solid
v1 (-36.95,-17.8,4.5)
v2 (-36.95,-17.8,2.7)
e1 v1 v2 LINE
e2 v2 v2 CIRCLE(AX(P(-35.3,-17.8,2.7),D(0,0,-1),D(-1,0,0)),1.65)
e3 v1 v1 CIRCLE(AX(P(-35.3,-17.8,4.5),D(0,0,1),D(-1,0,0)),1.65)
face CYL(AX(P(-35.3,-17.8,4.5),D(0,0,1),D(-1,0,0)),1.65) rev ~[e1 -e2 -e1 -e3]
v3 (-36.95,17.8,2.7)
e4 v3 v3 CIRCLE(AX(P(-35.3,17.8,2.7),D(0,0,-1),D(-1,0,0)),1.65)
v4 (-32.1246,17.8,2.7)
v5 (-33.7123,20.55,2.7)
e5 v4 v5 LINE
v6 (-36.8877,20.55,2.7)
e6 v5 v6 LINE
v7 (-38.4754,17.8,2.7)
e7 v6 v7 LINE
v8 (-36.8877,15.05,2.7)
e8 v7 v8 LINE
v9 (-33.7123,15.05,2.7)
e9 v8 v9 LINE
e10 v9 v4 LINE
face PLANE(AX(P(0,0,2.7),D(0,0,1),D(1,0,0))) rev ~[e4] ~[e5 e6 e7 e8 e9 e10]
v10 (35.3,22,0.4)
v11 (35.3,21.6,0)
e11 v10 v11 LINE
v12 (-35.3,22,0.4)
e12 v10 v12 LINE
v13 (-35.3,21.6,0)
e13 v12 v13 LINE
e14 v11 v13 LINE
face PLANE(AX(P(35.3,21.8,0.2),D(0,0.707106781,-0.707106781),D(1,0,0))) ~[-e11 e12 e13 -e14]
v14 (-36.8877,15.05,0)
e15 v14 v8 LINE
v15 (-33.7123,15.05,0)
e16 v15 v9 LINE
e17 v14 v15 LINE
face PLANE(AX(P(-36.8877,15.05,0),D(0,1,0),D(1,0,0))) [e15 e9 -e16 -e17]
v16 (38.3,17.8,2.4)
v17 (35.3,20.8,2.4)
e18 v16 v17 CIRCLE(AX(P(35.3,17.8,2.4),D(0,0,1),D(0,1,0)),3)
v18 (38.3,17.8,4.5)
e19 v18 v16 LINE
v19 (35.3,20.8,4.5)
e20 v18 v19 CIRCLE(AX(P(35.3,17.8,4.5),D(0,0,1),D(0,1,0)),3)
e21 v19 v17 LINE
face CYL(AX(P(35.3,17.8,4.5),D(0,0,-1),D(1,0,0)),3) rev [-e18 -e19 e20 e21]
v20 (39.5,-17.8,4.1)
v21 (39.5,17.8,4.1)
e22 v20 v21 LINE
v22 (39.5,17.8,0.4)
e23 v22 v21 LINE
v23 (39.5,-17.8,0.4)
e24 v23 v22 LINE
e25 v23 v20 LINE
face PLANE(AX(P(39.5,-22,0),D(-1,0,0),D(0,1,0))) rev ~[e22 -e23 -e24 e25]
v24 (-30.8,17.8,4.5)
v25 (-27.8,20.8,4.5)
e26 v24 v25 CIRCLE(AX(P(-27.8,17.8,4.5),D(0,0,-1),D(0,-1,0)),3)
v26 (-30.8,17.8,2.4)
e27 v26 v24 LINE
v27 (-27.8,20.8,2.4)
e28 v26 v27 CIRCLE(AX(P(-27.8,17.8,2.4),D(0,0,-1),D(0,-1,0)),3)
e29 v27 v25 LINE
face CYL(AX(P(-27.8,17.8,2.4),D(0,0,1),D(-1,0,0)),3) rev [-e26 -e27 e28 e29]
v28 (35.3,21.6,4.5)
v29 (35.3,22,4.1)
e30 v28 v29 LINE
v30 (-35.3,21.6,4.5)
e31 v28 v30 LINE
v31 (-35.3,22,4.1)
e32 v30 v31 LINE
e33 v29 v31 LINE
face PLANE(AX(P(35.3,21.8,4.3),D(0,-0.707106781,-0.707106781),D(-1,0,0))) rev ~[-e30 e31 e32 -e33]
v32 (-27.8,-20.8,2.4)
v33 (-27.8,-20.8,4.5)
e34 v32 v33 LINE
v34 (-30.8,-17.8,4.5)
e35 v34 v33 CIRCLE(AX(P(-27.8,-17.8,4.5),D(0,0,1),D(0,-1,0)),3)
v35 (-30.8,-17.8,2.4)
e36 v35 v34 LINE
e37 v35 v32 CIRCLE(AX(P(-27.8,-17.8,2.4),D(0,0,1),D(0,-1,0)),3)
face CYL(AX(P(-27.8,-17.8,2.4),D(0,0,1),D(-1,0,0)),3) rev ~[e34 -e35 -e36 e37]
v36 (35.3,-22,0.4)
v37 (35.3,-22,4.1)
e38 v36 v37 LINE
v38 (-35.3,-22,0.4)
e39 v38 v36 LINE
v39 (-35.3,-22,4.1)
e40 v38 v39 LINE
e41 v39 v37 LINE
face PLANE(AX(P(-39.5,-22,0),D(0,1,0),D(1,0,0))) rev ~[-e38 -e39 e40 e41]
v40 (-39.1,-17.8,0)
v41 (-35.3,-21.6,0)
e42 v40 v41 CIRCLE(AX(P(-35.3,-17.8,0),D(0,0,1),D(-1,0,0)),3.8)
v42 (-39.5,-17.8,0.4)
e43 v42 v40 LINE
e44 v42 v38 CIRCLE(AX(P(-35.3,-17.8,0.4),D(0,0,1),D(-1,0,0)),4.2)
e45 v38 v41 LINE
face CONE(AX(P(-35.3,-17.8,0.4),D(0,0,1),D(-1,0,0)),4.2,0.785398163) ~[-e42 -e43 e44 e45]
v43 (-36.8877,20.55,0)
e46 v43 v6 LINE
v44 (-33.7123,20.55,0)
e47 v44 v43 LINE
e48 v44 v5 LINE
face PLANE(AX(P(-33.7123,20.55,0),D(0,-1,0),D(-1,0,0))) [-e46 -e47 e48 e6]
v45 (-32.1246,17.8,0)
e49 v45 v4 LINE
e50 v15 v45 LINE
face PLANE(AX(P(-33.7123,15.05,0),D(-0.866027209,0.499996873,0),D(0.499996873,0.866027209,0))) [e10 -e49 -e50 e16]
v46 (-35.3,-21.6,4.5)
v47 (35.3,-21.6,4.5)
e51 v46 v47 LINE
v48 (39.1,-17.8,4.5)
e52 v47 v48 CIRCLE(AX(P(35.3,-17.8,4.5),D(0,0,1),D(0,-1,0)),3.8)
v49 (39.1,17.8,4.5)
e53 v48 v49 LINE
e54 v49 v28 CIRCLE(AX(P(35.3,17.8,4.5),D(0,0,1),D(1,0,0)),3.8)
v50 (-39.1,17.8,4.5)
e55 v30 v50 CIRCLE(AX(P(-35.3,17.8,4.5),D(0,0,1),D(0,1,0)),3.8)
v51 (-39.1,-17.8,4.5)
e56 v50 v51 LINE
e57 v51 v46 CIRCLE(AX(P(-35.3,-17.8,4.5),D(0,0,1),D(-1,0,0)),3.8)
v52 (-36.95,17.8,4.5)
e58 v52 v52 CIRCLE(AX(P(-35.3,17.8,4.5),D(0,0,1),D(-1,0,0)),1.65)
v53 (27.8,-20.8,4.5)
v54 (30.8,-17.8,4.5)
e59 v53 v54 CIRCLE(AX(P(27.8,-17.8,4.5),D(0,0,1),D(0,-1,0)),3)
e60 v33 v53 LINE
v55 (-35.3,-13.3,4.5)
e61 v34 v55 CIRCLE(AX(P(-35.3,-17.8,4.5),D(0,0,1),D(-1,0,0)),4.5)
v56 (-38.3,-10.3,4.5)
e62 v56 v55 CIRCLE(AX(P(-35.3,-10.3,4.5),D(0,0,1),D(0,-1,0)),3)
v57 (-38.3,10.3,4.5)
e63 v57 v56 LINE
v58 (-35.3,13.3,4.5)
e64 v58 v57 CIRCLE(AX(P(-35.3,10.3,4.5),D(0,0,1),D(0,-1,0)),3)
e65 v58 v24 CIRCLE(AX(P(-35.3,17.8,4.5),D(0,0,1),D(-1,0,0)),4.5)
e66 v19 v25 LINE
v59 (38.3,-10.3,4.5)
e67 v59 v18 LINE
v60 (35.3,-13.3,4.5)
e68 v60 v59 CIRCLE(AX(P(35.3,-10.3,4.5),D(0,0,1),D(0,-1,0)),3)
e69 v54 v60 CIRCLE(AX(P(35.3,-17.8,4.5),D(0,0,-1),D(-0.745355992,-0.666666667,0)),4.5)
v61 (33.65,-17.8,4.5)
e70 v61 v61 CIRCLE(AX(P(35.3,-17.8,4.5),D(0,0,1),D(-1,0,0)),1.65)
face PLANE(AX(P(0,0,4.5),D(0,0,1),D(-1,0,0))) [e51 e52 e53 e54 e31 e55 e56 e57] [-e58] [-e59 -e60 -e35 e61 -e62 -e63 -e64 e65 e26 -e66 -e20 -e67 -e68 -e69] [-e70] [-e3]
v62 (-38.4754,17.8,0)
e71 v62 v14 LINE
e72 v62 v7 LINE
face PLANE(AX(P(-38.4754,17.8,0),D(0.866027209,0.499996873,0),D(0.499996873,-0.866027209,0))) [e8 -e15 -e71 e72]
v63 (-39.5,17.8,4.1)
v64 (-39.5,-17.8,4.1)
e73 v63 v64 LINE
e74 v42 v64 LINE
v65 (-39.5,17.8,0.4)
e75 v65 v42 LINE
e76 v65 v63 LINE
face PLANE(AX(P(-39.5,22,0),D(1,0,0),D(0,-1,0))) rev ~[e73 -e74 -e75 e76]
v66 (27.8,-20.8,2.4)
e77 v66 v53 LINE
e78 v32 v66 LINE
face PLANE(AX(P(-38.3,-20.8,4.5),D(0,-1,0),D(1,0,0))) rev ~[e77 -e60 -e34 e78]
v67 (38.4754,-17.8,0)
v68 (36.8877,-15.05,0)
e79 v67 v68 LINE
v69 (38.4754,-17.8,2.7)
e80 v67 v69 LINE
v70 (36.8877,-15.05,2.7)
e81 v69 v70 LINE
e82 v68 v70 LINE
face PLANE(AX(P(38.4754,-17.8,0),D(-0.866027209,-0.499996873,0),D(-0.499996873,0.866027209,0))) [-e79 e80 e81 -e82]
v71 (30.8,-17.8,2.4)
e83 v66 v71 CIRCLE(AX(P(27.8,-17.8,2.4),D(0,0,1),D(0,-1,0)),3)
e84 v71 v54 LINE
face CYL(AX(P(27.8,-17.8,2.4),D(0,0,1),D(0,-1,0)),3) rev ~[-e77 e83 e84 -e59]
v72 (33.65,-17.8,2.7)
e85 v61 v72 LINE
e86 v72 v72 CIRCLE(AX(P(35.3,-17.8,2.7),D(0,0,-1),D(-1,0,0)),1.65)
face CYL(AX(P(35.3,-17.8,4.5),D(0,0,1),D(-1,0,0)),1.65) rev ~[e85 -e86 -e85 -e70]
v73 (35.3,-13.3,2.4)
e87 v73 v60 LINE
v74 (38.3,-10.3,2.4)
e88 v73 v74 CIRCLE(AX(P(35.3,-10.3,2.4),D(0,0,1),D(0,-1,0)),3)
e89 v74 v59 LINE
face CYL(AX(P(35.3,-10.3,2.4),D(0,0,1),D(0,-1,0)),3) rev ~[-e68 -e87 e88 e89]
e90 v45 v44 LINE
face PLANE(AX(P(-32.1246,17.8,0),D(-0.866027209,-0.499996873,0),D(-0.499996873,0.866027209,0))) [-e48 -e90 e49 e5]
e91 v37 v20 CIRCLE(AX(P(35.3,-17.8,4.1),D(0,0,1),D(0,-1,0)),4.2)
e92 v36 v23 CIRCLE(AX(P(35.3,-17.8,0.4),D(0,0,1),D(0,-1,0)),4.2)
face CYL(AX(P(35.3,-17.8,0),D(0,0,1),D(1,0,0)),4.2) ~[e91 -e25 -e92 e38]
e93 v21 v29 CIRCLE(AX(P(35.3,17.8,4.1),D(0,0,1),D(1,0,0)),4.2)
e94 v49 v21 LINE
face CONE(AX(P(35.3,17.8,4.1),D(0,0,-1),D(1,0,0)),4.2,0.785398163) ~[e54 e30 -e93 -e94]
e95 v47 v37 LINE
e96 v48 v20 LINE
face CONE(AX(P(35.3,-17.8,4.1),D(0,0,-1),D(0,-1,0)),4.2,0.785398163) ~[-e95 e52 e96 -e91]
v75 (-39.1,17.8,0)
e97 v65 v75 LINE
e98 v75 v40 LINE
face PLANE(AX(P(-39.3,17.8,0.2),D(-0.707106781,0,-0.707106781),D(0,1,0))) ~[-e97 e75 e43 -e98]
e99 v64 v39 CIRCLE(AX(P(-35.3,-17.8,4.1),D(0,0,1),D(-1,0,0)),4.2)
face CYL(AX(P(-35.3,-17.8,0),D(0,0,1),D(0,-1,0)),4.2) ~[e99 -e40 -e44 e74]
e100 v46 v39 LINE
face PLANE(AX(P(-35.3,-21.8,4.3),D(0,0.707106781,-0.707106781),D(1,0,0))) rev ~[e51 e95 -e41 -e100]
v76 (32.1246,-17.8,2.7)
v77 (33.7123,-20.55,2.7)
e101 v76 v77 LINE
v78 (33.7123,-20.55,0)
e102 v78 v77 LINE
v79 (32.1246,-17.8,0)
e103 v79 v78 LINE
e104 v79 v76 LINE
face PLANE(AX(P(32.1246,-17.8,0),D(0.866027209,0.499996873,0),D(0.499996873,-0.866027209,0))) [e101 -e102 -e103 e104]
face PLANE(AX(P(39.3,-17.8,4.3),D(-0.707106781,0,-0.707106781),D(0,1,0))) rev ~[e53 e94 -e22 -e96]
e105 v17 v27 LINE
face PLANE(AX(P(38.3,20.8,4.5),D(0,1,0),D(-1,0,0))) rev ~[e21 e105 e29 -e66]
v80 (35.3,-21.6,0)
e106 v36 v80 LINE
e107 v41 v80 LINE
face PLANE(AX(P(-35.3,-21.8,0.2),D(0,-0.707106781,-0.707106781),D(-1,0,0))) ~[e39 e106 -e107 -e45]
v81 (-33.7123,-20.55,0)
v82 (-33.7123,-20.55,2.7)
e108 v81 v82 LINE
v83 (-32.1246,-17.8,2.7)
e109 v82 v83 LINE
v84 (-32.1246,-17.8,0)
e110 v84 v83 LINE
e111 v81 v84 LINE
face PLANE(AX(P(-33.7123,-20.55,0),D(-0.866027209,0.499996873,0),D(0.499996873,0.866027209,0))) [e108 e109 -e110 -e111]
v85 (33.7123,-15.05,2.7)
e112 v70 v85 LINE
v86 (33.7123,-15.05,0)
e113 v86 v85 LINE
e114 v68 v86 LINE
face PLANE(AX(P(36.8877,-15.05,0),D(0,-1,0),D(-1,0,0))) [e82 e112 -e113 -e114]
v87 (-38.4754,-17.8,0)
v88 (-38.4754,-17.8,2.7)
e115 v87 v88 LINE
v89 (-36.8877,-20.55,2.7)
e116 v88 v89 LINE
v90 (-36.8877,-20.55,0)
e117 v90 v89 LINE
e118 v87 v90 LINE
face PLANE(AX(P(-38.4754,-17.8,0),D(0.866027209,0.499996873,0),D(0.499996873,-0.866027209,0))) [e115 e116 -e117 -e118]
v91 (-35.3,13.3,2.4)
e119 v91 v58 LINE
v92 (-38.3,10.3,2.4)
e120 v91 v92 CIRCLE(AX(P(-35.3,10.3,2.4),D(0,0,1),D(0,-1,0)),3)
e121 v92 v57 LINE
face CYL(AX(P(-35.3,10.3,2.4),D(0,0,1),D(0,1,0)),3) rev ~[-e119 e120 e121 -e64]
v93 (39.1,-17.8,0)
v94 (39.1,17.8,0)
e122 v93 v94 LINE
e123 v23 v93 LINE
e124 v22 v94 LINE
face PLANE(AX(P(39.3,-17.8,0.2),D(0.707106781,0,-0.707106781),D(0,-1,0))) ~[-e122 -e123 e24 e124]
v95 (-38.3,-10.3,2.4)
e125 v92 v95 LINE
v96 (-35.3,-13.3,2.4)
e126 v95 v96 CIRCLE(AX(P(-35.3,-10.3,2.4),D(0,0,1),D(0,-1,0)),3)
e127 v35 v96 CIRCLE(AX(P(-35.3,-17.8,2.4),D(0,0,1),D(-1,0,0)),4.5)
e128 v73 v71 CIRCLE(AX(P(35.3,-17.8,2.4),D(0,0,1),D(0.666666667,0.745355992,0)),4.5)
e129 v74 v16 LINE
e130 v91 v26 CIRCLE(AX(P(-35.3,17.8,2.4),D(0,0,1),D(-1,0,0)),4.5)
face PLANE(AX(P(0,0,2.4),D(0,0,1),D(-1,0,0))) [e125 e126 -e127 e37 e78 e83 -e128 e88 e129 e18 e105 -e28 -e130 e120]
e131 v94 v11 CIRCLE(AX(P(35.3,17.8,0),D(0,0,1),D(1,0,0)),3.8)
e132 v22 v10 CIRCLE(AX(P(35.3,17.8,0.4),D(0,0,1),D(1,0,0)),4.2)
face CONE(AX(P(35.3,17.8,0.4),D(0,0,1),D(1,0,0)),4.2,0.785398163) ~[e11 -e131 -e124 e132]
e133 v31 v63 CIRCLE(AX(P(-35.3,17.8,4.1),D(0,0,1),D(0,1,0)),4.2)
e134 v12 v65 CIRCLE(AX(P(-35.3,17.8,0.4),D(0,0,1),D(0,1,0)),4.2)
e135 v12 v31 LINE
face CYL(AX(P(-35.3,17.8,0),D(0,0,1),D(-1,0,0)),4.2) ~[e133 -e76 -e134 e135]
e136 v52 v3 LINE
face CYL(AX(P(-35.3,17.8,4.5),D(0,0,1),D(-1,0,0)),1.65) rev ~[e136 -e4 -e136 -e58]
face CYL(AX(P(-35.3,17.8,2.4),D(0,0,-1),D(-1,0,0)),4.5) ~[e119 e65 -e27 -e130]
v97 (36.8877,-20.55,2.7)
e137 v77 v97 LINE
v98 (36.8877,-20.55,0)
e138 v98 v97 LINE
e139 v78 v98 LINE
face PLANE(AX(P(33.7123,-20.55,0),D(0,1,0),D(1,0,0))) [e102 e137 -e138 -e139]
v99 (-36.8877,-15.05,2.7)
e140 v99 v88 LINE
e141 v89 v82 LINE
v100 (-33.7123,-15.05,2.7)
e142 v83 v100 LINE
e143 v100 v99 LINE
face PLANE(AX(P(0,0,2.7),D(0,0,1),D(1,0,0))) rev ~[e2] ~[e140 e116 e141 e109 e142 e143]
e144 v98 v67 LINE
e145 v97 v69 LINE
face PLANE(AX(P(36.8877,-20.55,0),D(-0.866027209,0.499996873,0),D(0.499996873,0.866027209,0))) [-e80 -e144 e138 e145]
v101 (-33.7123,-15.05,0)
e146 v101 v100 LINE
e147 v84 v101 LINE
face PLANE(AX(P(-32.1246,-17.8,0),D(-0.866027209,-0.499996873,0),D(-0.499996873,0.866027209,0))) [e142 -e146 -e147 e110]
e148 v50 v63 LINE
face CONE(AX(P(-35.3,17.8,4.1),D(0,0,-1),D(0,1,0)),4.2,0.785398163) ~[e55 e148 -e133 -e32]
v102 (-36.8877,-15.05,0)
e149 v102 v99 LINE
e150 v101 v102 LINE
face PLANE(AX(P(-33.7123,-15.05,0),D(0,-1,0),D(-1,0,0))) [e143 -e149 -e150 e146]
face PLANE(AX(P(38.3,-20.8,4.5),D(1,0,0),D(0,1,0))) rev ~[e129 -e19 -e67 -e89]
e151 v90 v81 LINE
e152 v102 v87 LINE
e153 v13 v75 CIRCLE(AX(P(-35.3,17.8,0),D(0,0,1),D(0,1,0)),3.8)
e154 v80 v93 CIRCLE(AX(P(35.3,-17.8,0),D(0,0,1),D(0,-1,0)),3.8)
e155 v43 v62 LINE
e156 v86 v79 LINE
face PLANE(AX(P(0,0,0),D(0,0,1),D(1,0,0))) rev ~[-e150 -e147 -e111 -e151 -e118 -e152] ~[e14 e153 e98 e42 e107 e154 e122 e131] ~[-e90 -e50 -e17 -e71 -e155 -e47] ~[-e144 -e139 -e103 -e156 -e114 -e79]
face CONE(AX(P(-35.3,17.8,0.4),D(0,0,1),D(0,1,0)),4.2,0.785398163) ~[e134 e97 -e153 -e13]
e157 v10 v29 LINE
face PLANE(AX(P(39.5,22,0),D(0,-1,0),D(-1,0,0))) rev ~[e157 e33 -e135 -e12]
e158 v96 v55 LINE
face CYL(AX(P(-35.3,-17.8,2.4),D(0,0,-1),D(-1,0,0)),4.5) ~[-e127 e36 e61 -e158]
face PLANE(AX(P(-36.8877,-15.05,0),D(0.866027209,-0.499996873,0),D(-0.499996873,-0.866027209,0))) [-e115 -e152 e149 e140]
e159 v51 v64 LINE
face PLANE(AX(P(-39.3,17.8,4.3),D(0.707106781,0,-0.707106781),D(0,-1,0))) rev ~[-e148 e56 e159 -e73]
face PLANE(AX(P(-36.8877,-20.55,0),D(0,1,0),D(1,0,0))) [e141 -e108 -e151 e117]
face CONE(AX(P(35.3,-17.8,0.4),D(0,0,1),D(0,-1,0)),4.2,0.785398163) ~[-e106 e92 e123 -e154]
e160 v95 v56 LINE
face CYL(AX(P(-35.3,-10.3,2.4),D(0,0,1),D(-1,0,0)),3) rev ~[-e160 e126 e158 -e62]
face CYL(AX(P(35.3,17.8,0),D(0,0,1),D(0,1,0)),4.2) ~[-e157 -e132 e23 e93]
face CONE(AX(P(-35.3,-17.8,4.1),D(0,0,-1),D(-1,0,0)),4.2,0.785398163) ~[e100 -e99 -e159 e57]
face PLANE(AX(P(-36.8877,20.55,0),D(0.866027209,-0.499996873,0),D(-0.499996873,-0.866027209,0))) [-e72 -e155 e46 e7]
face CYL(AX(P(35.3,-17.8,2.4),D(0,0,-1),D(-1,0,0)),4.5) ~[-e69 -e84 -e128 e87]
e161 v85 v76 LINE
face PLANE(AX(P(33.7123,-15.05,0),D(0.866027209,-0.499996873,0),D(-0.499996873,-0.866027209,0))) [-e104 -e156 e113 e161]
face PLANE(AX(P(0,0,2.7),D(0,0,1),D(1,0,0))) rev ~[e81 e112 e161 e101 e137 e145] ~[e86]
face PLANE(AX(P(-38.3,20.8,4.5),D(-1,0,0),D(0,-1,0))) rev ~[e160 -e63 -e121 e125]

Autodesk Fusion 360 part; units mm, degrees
sketch "Sketch1" plane through (0, 0, 0) normal (0, 0, 1) x (1, 0, 0)
  line L0 (39.5, 22) -> (-39.5, 22)
  line L1 (-39.5, 22) -> (-39.5, -22)
  line L2 (-39.5, -22) -> (39.5, -22)
  line L3 (39.5, -22) -> (39.5, 22)
  line L4 (39.5, 22) -> (-39.5, -22) construction
  line L5 (-39.5, 22) -> (39.5, -22) construction
  dimension "d1" = 44
  dimension "d2" = 79
extrude "Extrude1" add sketch "Sketch1" along normal blind 4.5
sketch "Sketch2" plane through (0, 0, 4.5) normal (0, 0, 1) x (-1, 0, 0)
  line L0 (-39.5, 22) -> (-39.5, -22)
  line L1 (-39.5, -22) -> (39.5, -22)
  line L2 (39.5, -22) -> (39.5, 22)
  line L3 (39.5, 22) -> (-39.5, 22)
  line L4 (-38.3, 20.8) -> (-38.3, -20.8)
  line L5 (-38.3, -20.8) -> (38.3, -20.8)
  line L6 (38.3, -20.8) -> (38.3, 20.8)
  line L7 (38.3, 20.8) -> (-38.3, 20.8)
  dimension "d5" = -1.2
extrude "Extrude2" cut sketch "Sketch2" against normal blind 2.1 contours L4 L5 L6 L7
sketch "Sketch3" plane through (0, 0, 2.4) normal (0, 0, 1) x (-1, 0, 0)
  line L0 (38.3, 20.8) -> (-38.3, 20.8)
  line L1 (-38.3, 20.8) -> (-38.3, -20.8)
  line L2 (-38.3, -20.8) -> (38.3, -20.8)
  line L3 (38.3, -20.8) -> (38.3, 20.8)
  line L4 (-38.3, -20.8) -> (-38.3, 20.8)
  line L5 (-38.3, 20.8) -> (38.3, 20.8)
  line L6 (38.3, 20.8) -> (38.3, -20.8)
  line L7 (38.3, -20.8) -> (-38.3, -20.8)
  line L8 (-39.5, 22) -> (-39.5, -22)
  line L9 (-39.5, -22) -> (39.5, -22)
  line L10 (39.5, -22) -> (39.5, 22)
  line L11 (39.5, 22) -> (-39.5, 22)
  circle A0 centre (35.3, -17.8) radius 4.5
  circle A1 centre (-35.3, 17.8) radius 4.5
  circle A2 centre (35.3, 17.8) radius 4.5
  dimension "d8" = 9
  dimension "d9" = 3
  dimension "d10" = 3
  dimension "d11" = 9
  dimension "d12" = 9
  dimension "d13" = 3
  dimension "d14" = 3
  dimension "d15" = 3
  dimension "d16" = 3
extrude "Extrude3" add sketch "Sketch3" along normal blind 2.1 contours L2 L3 L6 L7 A0
extrude "Extrude4" add sketch "Sketch3" along normal blind 2.1 contours L0 L3 L5 L6 A2
extrude "Extrude5" add sketch "Sketch3" along normal blind 2.1 contours L0 L1 L4 L5 A1
sketch "Sketch5" plane through (0, 0, 4.5) normal (0, 0, 1) x (-1, 0, 0)
  line L0 (-38.3, -20.8) -> (-38.3, 14.4459)
  arc A0 (-38.3, 14.4459) -> (-31.9459, 20.8) centre (-35.3, 17.8) ccw
  line L1 (-31.9459, 20.8) -> (31.9459, 20.8)
  arc A1 (31.9459, 20.8) -> (38.3, 14.4459) centre (35.3, 17.8) ccw
  line L2 (38.3, 14.4459) -> (38.3, -14.4459)
  arc A2 (38.3, -14.4459) -> (31.9459, -20.8) centre (35.3, -17.8) ccw
  line L3 (31.9459, -20.8) -> (-38.3, -20.8)
  line L4 (-39.5, 22) -> (-39.5, -22)
  line L5 (-39.5, -22) -> (39.5, -22)
  line L6 (39.5, -22) -> (39.5, 22)
  line L7 (39.5, 22) -> (-39.5, 22)
  circle A3 centre (35.3, -17.8) radius 1.65
  circle A4 centre (35.3, 17.8) radius 1.65
  circle A5 centre (-35.3, 17.8) radius 1.65
  point P0 (35.3, -17.8)
  dimension "d44" = 3.3
  dimension "d45" = 3.3
  dimension "d46" = 3.3
extrude "Extrude7" cut sketch "Sketch5" against normal blind 13 contours A3
extrude "Extrude8" cut sketch "Sketch5" against normal blind 18 contours A4
extrude "Extrude9" cut sketch "Sketch5" against normal blind 16 contours A5
sketch "Sketch6" plane through (0, 0, 0) normal (0, 0, 1) x (1, 0, 0)
  circle A0 centre (35.3, -17.8) radius 1.65
  circle A1 centre (-35.3, -17.8) radius 1.65
  circle A2 centre (-35.3, 17.8) radius 1.65
  line L0 (39.5, 22) -> (39.5, -22)
  line L1 (39.5, -22) -> (-39.5, -22)
  line L2 (-39.5, -22) -> (-39.5, 22)
  line L3 (-39.5, 22) -> (39.5, 22)
  line L4 (-32.1246, -17.8) -> (-33.7123, -15.05)
  line L5 (-33.7123, -15.05) -> (-36.8877, -15.05)
  line L6 (-36.8877, -15.05) -> (-38.4754, -17.8)
  line L7 (-38.4754, -17.8) -> (-36.8877, -20.55)
  line L8 (-36.8877, -20.55) -> (-33.7123, -20.55)
  line L9 (-33.7123, -20.55) -> (-32.1246, -17.8)
  line L10 (-32.1246, 17.8) -> (-33.7123, 20.55)
  line L11 (-33.7123, 20.55) -> (-36.8877, 20.55)
  line L12 (-36.8877, 20.55) -> (-38.4754, 17.8)
  line L13 (-38.4754, 17.8) -> (-36.8877, 15.05)
  line L14 (-36.8877, 15.05) -> (-33.7123, 15.05)
  line L15 (-33.7123, 15.05) -> (-32.1246, 17.8)
  line L16 (32.1246, -17.8) -> (33.7123, -20.55)
  line L17 (33.7123, -20.55) -> (36.8877, -20.55)
  line L18 (36.8877, -20.55) -> (38.4754, -17.8)
  line L19 (38.4754, -17.8) -> (36.8877, -15.05)
  line L20 (36.8877, -15.05) -> (33.7123, -15.05)
  line L21 (33.7123, -15.05) -> (32.1246, -17.8)
  point P0 (-35.3, -17.8)
  point P1 (-35.3, 17.8)
  point P2 (35.3, -17.8)
  dimension "d53" = 2.75
  dimension "d54" = 2.75
  dimension "d55" = 2.75
extrude "Extrude10" cut sketch "Sketch6" along normal blind 2.7 contours L10 L11 L12 L13 L14 L15
extrude "Extrude11" cut sketch "Sketch6" along normal blind 2.7 contours L16 L17 L18 L19 L20 L21
extrude "Extrude12" cut sketch "Sketch6" along normal blind 2.7 contours L4 L5 L6 L7 L8 L9
sketch "Sketch7" plane through (0, 0, 0) normal (0, 0, 1) x (1, 0, 0)
  line L0 (-36.8877, -20.55) -> (-33.7123, -20.55)
  line L1 (-33.7123, -20.55) -> (-32.1246, -17.8)
  line L2 (-32.1246, -17.8) -> (-33.7123, -15.05)
  line L3 (-33.7123, -15.05) -> (-36.8877, -15.05)
  line L4 (-36.8877, -15.05) -> (-38.4754, -17.8)
  line L5 (-38.4754, -17.8) -> (-36.8877, -20.55)
  line L6 (36.8877, -15.05) -> (33.7123, -15.05)
  line L7 (33.7123, -15.05) -> (32.1246, -17.8)
  line L8 (32.1246, -17.8) -> (33.7123, -20.55)
  line L9 (33.7123, -20.55) -> (36.8877, -20.55)
  line L10 (36.8877, -20.55) -> (38.4754, -17.8)
  line L11 (38.4754, -17.8) -> (36.8877, -15.05)
  line L12 (-36.8877, 15.05) -> (-33.7123, 15.05)
  line L13 (-33.7123, 15.05) -> (-32.1246, 17.8)
  line L14 (-32.1246, 17.8) -> (-33.7123, 20.55)
  line L15 (-33.7123, 20.55) -> (-36.8877, 20.55)
  line L16 (-36.8877, 20.55) -> (-38.4754, 17.8)
  line L17 (-38.4754, 17.8) -> (-36.8877, 15.05)
  line L18 (39.5, 22) -> (39.5, -22)
  line L19 (39.5, -22) -> (-39.5, -22)
  line L20 (-39.5, -22) -> (-39.5, 22)
  line L21 (-39.5, 22) -> (39.5, 22)
fillet "Fillet1" radius 3 2 edges at (-31.9459, 20.8, 3.45) (-38.3, 14.4459, 3.45)
fillet "Fillet2" radius 3 2 edges at (-31.9459, -20.8, 3.45) (-38.3, -14.4459, 3.45)
fillet "Fillet3" radius 3 2 edges at (31.9459, -20.8, 3.45) (38.3, -14.4459, 3.45)
fillet "Fillet4" radius 4.2 1 edges at (39.5, -22, 2.25)
fillet "Fillet5" radius 3 1 edges at (38.3, 20.8, 3.45)
fillet "Fillet6" radius 4.2 1 edges at (-39.5, -22, 2.25)
fillet "Fillet7" radius 4.2 1 edges at (-39.5, 22, 2.25)
fillet "Fillet8" radius 4.2 1 edges at (39.5, 22, 2.25)
chamfer "Chamfer1" distance 0.4 angle 45 8 edges at (0, -22, 4.5) (38.2698, -20.7698, 4.5) (39.5, 0, 4.5) (38.2698, 20.7698, 4.5) (0, 22, 4.5) (-38.2698, 20.7698, 4.5) (-39.5, 0, 4.5) (-38.2698, -20.7698, 4.5)
chamfer "Chamfer2" distance 0.4 angle 45 8 edges at (0, -22, 0) (38.2698, -20.7698, 0) (39.5, 0, 0) (38.2698, 20.7698, 0) (0, 22, 0) (-38.2698, 20.7698, 0) (-39.5, 0, 0) (-38.2698, -20.7698, 0)
equation "d53 = ( 5.5 / 2 ) * 1 mm"
equation "d54 = ( 5.5 / 2 ) * 1 mm"
equation "d55 = ( 5.5 / 2 ) * 1 mm"
